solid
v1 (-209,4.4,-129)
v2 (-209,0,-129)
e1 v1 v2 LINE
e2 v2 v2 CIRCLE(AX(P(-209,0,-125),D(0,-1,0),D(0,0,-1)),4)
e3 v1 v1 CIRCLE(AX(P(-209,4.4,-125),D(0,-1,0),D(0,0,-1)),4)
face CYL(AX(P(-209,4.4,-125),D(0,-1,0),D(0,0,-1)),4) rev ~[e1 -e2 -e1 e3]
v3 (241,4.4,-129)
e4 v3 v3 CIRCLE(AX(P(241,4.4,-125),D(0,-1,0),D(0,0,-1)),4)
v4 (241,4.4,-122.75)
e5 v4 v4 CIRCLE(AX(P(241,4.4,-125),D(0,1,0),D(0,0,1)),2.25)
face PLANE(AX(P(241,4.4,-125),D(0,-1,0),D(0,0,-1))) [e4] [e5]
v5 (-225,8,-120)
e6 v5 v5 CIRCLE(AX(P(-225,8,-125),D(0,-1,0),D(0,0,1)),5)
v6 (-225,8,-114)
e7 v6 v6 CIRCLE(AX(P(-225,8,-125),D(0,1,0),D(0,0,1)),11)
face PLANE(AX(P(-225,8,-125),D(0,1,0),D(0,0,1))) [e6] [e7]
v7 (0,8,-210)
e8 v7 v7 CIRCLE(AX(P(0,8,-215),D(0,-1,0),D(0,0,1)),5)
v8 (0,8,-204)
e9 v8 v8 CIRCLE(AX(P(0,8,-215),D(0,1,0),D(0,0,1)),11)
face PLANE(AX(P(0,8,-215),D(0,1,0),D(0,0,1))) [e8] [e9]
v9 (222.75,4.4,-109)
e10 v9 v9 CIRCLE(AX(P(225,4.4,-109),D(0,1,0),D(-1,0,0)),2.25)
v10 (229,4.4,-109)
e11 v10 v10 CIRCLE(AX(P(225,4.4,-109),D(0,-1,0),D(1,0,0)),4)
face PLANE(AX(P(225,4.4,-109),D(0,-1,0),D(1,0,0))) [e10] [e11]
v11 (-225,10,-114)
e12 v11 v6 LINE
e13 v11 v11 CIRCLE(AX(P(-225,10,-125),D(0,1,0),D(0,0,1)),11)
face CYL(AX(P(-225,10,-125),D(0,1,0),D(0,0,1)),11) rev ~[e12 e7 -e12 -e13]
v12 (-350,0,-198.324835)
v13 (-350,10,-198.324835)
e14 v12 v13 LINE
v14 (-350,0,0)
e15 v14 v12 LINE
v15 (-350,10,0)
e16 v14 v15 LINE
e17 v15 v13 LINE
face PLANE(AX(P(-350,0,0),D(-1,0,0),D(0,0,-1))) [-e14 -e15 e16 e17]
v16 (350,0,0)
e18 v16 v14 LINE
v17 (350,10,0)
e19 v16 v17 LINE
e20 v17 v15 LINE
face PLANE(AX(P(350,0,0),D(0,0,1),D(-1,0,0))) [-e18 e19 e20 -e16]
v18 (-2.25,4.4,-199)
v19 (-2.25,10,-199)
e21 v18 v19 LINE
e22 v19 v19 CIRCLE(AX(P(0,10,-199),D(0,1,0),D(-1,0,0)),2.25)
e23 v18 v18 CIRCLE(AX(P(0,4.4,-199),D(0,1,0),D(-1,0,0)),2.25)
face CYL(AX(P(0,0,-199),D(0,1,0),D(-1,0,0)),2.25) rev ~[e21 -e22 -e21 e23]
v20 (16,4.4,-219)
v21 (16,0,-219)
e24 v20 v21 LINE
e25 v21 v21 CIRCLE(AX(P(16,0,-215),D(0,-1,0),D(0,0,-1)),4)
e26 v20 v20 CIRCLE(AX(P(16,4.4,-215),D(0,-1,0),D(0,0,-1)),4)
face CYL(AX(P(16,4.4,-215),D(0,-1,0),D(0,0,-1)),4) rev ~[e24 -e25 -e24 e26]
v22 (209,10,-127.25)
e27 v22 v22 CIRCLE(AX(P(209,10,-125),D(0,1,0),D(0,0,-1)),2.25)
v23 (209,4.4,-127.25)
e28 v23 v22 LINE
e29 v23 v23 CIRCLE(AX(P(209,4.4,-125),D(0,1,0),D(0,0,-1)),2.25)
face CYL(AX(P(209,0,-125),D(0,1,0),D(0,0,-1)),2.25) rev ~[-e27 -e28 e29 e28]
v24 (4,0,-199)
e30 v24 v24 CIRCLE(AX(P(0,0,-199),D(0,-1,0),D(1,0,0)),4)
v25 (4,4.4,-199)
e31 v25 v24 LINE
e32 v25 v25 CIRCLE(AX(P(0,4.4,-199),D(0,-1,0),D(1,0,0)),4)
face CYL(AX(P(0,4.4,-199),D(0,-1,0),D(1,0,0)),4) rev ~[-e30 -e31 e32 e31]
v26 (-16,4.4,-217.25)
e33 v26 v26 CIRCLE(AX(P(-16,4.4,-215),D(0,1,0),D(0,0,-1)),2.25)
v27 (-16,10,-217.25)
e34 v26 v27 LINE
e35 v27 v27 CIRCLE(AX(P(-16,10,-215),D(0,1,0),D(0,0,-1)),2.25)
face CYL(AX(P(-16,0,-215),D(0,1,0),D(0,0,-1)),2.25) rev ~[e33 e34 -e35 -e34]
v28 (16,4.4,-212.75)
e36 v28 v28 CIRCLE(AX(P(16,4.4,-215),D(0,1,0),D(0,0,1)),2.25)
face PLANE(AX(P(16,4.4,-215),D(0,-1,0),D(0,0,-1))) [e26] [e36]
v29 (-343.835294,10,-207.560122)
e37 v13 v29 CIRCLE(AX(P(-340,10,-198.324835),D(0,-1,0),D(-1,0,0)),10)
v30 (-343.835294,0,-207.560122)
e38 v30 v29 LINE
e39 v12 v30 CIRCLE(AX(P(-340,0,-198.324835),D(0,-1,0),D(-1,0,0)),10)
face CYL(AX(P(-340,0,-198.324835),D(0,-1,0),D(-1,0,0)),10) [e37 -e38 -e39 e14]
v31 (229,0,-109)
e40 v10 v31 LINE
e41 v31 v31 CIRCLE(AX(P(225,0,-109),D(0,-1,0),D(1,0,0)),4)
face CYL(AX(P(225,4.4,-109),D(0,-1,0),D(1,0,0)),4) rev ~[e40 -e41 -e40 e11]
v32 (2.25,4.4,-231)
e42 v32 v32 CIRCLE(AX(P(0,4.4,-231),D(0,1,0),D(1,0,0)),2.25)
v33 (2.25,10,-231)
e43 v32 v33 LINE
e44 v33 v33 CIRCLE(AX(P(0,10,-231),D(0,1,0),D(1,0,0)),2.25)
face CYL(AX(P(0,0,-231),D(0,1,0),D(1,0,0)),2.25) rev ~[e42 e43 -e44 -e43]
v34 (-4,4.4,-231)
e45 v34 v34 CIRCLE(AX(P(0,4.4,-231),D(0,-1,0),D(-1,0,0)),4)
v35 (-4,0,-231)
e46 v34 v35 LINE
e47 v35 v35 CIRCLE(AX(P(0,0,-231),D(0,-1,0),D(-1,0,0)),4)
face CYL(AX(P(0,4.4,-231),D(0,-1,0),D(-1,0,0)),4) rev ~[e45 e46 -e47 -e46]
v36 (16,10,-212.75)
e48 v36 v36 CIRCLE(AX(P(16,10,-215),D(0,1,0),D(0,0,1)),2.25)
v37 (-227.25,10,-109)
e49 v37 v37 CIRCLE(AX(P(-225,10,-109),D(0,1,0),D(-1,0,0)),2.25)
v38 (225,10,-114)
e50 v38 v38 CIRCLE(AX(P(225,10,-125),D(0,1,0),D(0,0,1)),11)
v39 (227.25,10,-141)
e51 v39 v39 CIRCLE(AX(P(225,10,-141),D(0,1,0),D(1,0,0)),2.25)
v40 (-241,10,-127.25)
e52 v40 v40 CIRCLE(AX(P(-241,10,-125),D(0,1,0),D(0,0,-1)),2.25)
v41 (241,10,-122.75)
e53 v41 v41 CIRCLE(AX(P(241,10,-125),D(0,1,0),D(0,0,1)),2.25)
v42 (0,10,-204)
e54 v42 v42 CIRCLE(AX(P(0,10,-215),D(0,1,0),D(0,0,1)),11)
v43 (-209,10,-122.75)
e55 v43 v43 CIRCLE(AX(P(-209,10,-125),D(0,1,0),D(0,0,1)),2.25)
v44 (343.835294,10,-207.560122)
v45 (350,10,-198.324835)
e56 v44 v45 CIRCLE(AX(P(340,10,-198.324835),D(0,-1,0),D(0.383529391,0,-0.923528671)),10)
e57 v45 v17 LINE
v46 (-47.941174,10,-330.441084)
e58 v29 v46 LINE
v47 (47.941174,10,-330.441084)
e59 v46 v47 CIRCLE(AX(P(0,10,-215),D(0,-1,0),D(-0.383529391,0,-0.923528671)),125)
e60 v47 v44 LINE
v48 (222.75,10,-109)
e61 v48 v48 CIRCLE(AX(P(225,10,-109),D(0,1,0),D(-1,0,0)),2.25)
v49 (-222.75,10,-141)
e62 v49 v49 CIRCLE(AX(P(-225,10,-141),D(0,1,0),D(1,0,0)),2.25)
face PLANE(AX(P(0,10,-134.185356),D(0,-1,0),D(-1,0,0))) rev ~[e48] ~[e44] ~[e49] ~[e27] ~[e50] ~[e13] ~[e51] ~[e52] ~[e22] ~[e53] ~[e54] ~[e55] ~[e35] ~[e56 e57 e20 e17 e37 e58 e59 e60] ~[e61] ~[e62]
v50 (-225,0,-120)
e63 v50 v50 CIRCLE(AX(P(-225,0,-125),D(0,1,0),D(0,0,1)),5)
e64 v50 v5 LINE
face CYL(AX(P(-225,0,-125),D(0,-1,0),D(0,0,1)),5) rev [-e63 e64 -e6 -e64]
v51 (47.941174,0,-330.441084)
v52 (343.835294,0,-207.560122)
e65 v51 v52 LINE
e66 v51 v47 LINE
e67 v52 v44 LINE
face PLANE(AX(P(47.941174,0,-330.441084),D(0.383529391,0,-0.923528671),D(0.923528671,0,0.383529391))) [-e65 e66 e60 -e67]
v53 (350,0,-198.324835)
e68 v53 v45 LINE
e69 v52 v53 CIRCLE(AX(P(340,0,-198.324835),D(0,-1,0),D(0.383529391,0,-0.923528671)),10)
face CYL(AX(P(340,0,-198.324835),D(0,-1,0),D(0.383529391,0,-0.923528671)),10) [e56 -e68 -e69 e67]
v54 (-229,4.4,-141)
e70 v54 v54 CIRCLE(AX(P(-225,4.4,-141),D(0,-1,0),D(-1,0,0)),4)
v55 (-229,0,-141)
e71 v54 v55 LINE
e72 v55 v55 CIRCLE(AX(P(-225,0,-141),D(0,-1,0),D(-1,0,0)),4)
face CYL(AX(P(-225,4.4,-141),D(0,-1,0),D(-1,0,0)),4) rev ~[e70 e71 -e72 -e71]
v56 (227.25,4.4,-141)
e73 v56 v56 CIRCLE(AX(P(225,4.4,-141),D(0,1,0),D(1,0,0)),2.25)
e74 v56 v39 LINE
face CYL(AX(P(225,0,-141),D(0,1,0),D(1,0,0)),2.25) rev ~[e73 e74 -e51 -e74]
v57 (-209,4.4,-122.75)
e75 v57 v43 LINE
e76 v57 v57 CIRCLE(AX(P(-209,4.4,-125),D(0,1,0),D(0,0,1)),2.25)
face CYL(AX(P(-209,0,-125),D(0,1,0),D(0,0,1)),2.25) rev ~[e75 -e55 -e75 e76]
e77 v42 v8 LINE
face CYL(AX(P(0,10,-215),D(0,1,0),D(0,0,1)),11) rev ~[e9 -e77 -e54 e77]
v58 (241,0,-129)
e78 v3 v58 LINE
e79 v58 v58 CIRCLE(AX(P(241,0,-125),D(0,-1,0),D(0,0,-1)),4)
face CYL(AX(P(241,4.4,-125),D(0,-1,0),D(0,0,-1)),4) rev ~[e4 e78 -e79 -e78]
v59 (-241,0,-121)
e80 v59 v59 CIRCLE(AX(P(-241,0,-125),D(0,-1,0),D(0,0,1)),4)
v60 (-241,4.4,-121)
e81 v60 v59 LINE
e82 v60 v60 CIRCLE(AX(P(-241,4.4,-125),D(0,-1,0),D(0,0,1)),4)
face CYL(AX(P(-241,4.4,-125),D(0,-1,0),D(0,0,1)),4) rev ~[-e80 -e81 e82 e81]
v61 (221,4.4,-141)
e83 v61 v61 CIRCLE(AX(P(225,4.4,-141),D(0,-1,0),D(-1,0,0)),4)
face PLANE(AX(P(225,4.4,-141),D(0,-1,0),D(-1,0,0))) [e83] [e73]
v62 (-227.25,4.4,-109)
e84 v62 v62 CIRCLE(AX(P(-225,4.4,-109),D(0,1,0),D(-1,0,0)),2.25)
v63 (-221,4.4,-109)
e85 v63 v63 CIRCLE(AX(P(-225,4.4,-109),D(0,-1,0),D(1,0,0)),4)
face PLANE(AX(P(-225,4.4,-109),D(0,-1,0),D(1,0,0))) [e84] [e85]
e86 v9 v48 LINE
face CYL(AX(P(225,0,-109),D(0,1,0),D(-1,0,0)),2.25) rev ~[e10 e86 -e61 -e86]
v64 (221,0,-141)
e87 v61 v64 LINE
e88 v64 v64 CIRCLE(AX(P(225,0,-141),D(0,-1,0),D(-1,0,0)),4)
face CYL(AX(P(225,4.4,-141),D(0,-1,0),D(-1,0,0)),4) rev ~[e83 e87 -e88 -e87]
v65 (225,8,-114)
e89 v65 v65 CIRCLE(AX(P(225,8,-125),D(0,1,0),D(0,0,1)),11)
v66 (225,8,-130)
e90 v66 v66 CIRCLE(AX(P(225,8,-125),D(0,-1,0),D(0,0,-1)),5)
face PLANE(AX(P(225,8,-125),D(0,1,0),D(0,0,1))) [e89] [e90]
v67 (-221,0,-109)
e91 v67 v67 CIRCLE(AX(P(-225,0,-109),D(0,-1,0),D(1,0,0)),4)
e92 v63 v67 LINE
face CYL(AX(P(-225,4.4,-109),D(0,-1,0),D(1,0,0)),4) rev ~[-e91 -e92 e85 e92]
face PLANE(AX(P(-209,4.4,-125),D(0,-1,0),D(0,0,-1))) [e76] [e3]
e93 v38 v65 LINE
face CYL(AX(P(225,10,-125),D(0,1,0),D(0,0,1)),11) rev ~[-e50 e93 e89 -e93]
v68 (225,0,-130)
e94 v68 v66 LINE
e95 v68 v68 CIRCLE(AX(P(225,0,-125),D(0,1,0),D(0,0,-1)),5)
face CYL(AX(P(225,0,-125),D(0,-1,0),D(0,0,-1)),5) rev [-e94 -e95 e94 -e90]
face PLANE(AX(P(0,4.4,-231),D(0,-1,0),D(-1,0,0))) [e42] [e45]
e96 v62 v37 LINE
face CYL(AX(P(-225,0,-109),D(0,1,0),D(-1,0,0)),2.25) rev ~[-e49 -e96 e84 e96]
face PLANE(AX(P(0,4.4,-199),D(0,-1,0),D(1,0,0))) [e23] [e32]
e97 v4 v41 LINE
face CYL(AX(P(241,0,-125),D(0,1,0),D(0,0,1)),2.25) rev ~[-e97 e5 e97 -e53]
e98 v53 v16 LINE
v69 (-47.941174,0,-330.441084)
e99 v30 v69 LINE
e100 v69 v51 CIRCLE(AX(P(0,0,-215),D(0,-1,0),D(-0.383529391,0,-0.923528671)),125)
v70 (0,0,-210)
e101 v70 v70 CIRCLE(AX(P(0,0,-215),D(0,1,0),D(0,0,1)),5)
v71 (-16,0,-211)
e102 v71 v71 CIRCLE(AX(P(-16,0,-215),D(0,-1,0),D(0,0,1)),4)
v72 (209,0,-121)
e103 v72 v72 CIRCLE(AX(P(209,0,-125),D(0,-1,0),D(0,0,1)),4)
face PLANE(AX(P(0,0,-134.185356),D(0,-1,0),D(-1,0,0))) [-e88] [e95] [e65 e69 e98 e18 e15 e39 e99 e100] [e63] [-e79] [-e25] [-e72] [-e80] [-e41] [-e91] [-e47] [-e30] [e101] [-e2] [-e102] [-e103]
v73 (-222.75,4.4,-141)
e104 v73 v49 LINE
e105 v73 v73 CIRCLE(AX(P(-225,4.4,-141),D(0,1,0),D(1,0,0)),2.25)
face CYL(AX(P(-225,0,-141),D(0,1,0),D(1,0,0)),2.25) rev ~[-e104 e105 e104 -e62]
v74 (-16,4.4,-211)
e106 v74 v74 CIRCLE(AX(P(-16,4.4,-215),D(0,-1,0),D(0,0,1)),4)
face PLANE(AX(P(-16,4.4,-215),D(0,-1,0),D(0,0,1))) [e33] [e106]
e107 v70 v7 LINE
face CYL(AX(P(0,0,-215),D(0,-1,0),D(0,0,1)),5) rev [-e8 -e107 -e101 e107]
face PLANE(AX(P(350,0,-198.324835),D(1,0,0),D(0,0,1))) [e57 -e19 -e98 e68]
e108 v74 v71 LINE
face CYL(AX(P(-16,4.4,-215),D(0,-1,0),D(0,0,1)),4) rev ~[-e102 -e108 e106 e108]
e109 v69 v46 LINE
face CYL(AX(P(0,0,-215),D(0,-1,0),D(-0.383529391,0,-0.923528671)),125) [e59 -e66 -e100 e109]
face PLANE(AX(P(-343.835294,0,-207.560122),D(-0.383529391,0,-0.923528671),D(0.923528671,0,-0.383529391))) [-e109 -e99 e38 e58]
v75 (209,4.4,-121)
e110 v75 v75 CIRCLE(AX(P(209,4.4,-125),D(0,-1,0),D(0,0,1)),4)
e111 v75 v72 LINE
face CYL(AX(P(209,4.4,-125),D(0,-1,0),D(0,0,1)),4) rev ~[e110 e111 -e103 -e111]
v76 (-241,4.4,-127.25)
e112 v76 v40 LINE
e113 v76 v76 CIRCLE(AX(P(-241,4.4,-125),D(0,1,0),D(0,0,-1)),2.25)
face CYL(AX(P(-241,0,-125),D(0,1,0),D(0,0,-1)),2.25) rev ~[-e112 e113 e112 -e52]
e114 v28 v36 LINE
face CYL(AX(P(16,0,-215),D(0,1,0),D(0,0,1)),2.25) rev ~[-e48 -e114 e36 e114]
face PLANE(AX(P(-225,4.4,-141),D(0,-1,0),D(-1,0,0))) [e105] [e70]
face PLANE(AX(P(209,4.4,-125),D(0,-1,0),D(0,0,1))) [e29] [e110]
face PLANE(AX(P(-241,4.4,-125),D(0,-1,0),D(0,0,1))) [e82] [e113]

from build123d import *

# Parameters (mm, degrees)
ESQUISSE1_R                                        = 5
BOSS_EXTRU_1_DEPTH                                 = 10
ESQUISSE2_R                                        = 11
ENL_V_MAT_EXTRU_1_DEPTH                            = 2
CHAMBRAGE_POUR_VIS_T_TE_HEXAGONALE_M41_D           = 4.5
CHAMBRAGE_POUR_VIS_T_TE_HEXAGONALE_M41_CBORE_D     = 8
CHAMBRAGE_POUR_VIS_T_TE_HEXAGONALE_M41_CBORE_DEPTH = 4.4
R_P_TITION_CIRCULAIRE1_COUNT                       = 4
CHAMBRAGE_POUR_VIS_T_TE_HEXAGONALE_M42_D           = 4.5
CHAMBRAGE_POUR_VIS_T_TE_HEXAGONALE_M42_CBORE_D     = 8
CHAMBRAGE_POUR_VIS_T_TE_HEXAGONALE_M42_CBORE_DEPTH = 4.4
CHAMBRAGE_POUR_VIS_T_TE_HEXAGONALE_M43_D           = 4.5
CHAMBRAGE_POUR_VIS_T_TE_HEXAGONALE_M43_CBORE_D     = 8
CHAMBRAGE_POUR_VIS_T_TE_HEXAGONALE_M43_CBORE_DEPTH = 4.4
R_P_TITION_CIRCULAIRE2_COUNT                       = 4
R_P_TITION_CIRCULAIRE3_COUNT                       = 4


with BuildPart() as part:
    # Esquisse1 → Boss.-Extru.1 (new body)
    with BuildSketch(Plane(origin=(0, 0, 0), x_dir=(1, 0, 0), z_dir=(0, 1, 0))):
        with BuildLine():
            Line((350, 0), (-350, 0))
            Line((-350, 0), (-350, 198.324835183))
            ThreePointArc((-350, 198.324835183), (-348.317239297, 203.876729496), (-343.835293906, 207.560121895))
            Line((-343.835293906, 207.560121895), (-47.941173826, 330.441083901))
            ThreePointArc((-47.941173826, 330.441083901), (0, 340), (47.941173826, 330.441083901))
            Line((47.941173826, 330.441083901), (343.835293906, 207.560121895))
            ThreePointArc((343.835293906, 207.560121895), (348.317239297, 203.876729496), (350, 198.324835183))
            Line((350, 198.324835183), (350, 0))
        make_face()
        with Locations((0, 215)):
            Circle(ESQUISSE1_R, mode=Mode.SUBTRACT)
        with Locations((-225, 125)):
            Circle(ESQUISSE1_R, mode=Mode.SUBTRACT)
        with Locations((225, 125)):
            Circle(ESQUISSE1_R, mode=Mode.SUBTRACT)
    extrude(amount=BOSS_EXTRU_1_DEPTH)

    # Esquisse2 → Enlèv. mat.-Extru.1 (cut)
    with BuildSketch(Plane(origin=(0, 10, 0), x_dir=(1, 0, 0), z_dir=(0, 1, 0))):
        with Locations((0, 215)):
            Circle(ESQUISSE2_R)
        with Locations((225, 125)):
            Circle(ESQUISSE2_R)
        with Locations((-225, 125)):
            Circle(ESQUISSE2_R)
    extrude(amount=-ENL_V_MAT_EXTRU_1_DEPTH, mode=Mode.SUBTRACT)

    # Chambrage pour vis à tête hexagonale M41 (through all)
    with Locations(Plane(origin=(0, 0, 0), x_dir=(-1, 0, 0), z_dir=(0, -1, 0))):
        with Locations((-225, 141)):
            chambrage_pour_vis_t_te_hexagonale_m41 = CounterBoreHole(CHAMBRAGE_POUR_VIS_T_TE_HEXAGONALE_M41_D / 2, CHAMBRAGE_POUR_VIS_T_TE_HEXAGONALE_M41_CBORE_D / 2, CHAMBRAGE_POUR_VIS_T_TE_HEXAGONALE_M41_CBORE_DEPTH)

    # Répétition circulaire1: Chambrage pour vis à tête hexagonale M41 ×4 about axis
    r_p_tition_circulaire1_axis = Axis((225, 8, -125), (0, -1, 0))
    for i in range(1, R_P_TITION_CIRCULAIRE1_COUNT):
        add(chambrage_pour_vis_t_te_hexagonale_m41.rotate(r_p_tition_circulaire1_axis, i * 360 / R_P_TITION_CIRCULAIRE1_COUNT), mode=Mode.SUBTRACT)

    # Chambrage pour vis à tête hexagonale M42 (through all)
    with Locations(Plane(origin=(0, 0, 0), x_dir=(-1, 0, 0), z_dir=(0, -1, 0))):
        with Locations((0, 231)):
            chambrage_pour_vis_t_te_hexagonale_m42 = CounterBoreHole(CHAMBRAGE_POUR_VIS_T_TE_HEXAGONALE_M42_D / 2, CHAMBRAGE_POUR_VIS_T_TE_HEXAGONALE_M42_CBORE_D / 2, CHAMBRAGE_POUR_VIS_T_TE_HEXAGONALE_M42_CBORE_DEPTH)

    # Chambrage pour vis à tête hexagonale M43 (through all)
    with Locations(Plane(origin=(0, 0, 0), x_dir=(-1, 0, 0), z_dir=(0, -1, 0))):
        with Locations((225, 141)):
            chambrage_pour_vis_t_te_hexagonale_m43 = CounterBoreHole(CHAMBRAGE_POUR_VIS_T_TE_HEXAGONALE_M43_D / 2, CHAMBRAGE_POUR_VIS_T_TE_HEXAGONALE_M43_CBORE_D / 2, CHAMBRAGE_POUR_VIS_T_TE_HEXAGONALE_M43_CBORE_DEPTH)

    # Répétition circulaire2: Chambrage pour vis à tête hexagonale M42 ×4 about axis
    r_p_tition_circulaire2_axis = Axis((0, 8, -215), (0, -1, 0))
    for i in range(1, R_P_TITION_CIRCULAIRE2_COUNT):
        add(chambrage_pour_vis_t_te_hexagonale_m42.rotate(r_p_tition_circulaire2_axis, i * 360 / R_P_TITION_CIRCULAIRE2_COUNT), mode=Mode.SUBTRACT)

    # Répétition circulaire3: Chambrage pour vis à tête hexagonale M43 ×4 about axis
    r_p_tition_circulaire3_axis = Axis((-225, 8, -125), (0, -1, 0))
    for i in range(1, R_P_TITION_CIRCULAIRE3_COUNT):
        add(chambrage_pour_vis_t_te_hexagonale_m43.rotate(r_p_tition_circulaire3_axis, i * 360 / R_P_TITION_CIRCULAIRE3_COUNT), mode=Mode.SUBTRACT)


solid = part.part
